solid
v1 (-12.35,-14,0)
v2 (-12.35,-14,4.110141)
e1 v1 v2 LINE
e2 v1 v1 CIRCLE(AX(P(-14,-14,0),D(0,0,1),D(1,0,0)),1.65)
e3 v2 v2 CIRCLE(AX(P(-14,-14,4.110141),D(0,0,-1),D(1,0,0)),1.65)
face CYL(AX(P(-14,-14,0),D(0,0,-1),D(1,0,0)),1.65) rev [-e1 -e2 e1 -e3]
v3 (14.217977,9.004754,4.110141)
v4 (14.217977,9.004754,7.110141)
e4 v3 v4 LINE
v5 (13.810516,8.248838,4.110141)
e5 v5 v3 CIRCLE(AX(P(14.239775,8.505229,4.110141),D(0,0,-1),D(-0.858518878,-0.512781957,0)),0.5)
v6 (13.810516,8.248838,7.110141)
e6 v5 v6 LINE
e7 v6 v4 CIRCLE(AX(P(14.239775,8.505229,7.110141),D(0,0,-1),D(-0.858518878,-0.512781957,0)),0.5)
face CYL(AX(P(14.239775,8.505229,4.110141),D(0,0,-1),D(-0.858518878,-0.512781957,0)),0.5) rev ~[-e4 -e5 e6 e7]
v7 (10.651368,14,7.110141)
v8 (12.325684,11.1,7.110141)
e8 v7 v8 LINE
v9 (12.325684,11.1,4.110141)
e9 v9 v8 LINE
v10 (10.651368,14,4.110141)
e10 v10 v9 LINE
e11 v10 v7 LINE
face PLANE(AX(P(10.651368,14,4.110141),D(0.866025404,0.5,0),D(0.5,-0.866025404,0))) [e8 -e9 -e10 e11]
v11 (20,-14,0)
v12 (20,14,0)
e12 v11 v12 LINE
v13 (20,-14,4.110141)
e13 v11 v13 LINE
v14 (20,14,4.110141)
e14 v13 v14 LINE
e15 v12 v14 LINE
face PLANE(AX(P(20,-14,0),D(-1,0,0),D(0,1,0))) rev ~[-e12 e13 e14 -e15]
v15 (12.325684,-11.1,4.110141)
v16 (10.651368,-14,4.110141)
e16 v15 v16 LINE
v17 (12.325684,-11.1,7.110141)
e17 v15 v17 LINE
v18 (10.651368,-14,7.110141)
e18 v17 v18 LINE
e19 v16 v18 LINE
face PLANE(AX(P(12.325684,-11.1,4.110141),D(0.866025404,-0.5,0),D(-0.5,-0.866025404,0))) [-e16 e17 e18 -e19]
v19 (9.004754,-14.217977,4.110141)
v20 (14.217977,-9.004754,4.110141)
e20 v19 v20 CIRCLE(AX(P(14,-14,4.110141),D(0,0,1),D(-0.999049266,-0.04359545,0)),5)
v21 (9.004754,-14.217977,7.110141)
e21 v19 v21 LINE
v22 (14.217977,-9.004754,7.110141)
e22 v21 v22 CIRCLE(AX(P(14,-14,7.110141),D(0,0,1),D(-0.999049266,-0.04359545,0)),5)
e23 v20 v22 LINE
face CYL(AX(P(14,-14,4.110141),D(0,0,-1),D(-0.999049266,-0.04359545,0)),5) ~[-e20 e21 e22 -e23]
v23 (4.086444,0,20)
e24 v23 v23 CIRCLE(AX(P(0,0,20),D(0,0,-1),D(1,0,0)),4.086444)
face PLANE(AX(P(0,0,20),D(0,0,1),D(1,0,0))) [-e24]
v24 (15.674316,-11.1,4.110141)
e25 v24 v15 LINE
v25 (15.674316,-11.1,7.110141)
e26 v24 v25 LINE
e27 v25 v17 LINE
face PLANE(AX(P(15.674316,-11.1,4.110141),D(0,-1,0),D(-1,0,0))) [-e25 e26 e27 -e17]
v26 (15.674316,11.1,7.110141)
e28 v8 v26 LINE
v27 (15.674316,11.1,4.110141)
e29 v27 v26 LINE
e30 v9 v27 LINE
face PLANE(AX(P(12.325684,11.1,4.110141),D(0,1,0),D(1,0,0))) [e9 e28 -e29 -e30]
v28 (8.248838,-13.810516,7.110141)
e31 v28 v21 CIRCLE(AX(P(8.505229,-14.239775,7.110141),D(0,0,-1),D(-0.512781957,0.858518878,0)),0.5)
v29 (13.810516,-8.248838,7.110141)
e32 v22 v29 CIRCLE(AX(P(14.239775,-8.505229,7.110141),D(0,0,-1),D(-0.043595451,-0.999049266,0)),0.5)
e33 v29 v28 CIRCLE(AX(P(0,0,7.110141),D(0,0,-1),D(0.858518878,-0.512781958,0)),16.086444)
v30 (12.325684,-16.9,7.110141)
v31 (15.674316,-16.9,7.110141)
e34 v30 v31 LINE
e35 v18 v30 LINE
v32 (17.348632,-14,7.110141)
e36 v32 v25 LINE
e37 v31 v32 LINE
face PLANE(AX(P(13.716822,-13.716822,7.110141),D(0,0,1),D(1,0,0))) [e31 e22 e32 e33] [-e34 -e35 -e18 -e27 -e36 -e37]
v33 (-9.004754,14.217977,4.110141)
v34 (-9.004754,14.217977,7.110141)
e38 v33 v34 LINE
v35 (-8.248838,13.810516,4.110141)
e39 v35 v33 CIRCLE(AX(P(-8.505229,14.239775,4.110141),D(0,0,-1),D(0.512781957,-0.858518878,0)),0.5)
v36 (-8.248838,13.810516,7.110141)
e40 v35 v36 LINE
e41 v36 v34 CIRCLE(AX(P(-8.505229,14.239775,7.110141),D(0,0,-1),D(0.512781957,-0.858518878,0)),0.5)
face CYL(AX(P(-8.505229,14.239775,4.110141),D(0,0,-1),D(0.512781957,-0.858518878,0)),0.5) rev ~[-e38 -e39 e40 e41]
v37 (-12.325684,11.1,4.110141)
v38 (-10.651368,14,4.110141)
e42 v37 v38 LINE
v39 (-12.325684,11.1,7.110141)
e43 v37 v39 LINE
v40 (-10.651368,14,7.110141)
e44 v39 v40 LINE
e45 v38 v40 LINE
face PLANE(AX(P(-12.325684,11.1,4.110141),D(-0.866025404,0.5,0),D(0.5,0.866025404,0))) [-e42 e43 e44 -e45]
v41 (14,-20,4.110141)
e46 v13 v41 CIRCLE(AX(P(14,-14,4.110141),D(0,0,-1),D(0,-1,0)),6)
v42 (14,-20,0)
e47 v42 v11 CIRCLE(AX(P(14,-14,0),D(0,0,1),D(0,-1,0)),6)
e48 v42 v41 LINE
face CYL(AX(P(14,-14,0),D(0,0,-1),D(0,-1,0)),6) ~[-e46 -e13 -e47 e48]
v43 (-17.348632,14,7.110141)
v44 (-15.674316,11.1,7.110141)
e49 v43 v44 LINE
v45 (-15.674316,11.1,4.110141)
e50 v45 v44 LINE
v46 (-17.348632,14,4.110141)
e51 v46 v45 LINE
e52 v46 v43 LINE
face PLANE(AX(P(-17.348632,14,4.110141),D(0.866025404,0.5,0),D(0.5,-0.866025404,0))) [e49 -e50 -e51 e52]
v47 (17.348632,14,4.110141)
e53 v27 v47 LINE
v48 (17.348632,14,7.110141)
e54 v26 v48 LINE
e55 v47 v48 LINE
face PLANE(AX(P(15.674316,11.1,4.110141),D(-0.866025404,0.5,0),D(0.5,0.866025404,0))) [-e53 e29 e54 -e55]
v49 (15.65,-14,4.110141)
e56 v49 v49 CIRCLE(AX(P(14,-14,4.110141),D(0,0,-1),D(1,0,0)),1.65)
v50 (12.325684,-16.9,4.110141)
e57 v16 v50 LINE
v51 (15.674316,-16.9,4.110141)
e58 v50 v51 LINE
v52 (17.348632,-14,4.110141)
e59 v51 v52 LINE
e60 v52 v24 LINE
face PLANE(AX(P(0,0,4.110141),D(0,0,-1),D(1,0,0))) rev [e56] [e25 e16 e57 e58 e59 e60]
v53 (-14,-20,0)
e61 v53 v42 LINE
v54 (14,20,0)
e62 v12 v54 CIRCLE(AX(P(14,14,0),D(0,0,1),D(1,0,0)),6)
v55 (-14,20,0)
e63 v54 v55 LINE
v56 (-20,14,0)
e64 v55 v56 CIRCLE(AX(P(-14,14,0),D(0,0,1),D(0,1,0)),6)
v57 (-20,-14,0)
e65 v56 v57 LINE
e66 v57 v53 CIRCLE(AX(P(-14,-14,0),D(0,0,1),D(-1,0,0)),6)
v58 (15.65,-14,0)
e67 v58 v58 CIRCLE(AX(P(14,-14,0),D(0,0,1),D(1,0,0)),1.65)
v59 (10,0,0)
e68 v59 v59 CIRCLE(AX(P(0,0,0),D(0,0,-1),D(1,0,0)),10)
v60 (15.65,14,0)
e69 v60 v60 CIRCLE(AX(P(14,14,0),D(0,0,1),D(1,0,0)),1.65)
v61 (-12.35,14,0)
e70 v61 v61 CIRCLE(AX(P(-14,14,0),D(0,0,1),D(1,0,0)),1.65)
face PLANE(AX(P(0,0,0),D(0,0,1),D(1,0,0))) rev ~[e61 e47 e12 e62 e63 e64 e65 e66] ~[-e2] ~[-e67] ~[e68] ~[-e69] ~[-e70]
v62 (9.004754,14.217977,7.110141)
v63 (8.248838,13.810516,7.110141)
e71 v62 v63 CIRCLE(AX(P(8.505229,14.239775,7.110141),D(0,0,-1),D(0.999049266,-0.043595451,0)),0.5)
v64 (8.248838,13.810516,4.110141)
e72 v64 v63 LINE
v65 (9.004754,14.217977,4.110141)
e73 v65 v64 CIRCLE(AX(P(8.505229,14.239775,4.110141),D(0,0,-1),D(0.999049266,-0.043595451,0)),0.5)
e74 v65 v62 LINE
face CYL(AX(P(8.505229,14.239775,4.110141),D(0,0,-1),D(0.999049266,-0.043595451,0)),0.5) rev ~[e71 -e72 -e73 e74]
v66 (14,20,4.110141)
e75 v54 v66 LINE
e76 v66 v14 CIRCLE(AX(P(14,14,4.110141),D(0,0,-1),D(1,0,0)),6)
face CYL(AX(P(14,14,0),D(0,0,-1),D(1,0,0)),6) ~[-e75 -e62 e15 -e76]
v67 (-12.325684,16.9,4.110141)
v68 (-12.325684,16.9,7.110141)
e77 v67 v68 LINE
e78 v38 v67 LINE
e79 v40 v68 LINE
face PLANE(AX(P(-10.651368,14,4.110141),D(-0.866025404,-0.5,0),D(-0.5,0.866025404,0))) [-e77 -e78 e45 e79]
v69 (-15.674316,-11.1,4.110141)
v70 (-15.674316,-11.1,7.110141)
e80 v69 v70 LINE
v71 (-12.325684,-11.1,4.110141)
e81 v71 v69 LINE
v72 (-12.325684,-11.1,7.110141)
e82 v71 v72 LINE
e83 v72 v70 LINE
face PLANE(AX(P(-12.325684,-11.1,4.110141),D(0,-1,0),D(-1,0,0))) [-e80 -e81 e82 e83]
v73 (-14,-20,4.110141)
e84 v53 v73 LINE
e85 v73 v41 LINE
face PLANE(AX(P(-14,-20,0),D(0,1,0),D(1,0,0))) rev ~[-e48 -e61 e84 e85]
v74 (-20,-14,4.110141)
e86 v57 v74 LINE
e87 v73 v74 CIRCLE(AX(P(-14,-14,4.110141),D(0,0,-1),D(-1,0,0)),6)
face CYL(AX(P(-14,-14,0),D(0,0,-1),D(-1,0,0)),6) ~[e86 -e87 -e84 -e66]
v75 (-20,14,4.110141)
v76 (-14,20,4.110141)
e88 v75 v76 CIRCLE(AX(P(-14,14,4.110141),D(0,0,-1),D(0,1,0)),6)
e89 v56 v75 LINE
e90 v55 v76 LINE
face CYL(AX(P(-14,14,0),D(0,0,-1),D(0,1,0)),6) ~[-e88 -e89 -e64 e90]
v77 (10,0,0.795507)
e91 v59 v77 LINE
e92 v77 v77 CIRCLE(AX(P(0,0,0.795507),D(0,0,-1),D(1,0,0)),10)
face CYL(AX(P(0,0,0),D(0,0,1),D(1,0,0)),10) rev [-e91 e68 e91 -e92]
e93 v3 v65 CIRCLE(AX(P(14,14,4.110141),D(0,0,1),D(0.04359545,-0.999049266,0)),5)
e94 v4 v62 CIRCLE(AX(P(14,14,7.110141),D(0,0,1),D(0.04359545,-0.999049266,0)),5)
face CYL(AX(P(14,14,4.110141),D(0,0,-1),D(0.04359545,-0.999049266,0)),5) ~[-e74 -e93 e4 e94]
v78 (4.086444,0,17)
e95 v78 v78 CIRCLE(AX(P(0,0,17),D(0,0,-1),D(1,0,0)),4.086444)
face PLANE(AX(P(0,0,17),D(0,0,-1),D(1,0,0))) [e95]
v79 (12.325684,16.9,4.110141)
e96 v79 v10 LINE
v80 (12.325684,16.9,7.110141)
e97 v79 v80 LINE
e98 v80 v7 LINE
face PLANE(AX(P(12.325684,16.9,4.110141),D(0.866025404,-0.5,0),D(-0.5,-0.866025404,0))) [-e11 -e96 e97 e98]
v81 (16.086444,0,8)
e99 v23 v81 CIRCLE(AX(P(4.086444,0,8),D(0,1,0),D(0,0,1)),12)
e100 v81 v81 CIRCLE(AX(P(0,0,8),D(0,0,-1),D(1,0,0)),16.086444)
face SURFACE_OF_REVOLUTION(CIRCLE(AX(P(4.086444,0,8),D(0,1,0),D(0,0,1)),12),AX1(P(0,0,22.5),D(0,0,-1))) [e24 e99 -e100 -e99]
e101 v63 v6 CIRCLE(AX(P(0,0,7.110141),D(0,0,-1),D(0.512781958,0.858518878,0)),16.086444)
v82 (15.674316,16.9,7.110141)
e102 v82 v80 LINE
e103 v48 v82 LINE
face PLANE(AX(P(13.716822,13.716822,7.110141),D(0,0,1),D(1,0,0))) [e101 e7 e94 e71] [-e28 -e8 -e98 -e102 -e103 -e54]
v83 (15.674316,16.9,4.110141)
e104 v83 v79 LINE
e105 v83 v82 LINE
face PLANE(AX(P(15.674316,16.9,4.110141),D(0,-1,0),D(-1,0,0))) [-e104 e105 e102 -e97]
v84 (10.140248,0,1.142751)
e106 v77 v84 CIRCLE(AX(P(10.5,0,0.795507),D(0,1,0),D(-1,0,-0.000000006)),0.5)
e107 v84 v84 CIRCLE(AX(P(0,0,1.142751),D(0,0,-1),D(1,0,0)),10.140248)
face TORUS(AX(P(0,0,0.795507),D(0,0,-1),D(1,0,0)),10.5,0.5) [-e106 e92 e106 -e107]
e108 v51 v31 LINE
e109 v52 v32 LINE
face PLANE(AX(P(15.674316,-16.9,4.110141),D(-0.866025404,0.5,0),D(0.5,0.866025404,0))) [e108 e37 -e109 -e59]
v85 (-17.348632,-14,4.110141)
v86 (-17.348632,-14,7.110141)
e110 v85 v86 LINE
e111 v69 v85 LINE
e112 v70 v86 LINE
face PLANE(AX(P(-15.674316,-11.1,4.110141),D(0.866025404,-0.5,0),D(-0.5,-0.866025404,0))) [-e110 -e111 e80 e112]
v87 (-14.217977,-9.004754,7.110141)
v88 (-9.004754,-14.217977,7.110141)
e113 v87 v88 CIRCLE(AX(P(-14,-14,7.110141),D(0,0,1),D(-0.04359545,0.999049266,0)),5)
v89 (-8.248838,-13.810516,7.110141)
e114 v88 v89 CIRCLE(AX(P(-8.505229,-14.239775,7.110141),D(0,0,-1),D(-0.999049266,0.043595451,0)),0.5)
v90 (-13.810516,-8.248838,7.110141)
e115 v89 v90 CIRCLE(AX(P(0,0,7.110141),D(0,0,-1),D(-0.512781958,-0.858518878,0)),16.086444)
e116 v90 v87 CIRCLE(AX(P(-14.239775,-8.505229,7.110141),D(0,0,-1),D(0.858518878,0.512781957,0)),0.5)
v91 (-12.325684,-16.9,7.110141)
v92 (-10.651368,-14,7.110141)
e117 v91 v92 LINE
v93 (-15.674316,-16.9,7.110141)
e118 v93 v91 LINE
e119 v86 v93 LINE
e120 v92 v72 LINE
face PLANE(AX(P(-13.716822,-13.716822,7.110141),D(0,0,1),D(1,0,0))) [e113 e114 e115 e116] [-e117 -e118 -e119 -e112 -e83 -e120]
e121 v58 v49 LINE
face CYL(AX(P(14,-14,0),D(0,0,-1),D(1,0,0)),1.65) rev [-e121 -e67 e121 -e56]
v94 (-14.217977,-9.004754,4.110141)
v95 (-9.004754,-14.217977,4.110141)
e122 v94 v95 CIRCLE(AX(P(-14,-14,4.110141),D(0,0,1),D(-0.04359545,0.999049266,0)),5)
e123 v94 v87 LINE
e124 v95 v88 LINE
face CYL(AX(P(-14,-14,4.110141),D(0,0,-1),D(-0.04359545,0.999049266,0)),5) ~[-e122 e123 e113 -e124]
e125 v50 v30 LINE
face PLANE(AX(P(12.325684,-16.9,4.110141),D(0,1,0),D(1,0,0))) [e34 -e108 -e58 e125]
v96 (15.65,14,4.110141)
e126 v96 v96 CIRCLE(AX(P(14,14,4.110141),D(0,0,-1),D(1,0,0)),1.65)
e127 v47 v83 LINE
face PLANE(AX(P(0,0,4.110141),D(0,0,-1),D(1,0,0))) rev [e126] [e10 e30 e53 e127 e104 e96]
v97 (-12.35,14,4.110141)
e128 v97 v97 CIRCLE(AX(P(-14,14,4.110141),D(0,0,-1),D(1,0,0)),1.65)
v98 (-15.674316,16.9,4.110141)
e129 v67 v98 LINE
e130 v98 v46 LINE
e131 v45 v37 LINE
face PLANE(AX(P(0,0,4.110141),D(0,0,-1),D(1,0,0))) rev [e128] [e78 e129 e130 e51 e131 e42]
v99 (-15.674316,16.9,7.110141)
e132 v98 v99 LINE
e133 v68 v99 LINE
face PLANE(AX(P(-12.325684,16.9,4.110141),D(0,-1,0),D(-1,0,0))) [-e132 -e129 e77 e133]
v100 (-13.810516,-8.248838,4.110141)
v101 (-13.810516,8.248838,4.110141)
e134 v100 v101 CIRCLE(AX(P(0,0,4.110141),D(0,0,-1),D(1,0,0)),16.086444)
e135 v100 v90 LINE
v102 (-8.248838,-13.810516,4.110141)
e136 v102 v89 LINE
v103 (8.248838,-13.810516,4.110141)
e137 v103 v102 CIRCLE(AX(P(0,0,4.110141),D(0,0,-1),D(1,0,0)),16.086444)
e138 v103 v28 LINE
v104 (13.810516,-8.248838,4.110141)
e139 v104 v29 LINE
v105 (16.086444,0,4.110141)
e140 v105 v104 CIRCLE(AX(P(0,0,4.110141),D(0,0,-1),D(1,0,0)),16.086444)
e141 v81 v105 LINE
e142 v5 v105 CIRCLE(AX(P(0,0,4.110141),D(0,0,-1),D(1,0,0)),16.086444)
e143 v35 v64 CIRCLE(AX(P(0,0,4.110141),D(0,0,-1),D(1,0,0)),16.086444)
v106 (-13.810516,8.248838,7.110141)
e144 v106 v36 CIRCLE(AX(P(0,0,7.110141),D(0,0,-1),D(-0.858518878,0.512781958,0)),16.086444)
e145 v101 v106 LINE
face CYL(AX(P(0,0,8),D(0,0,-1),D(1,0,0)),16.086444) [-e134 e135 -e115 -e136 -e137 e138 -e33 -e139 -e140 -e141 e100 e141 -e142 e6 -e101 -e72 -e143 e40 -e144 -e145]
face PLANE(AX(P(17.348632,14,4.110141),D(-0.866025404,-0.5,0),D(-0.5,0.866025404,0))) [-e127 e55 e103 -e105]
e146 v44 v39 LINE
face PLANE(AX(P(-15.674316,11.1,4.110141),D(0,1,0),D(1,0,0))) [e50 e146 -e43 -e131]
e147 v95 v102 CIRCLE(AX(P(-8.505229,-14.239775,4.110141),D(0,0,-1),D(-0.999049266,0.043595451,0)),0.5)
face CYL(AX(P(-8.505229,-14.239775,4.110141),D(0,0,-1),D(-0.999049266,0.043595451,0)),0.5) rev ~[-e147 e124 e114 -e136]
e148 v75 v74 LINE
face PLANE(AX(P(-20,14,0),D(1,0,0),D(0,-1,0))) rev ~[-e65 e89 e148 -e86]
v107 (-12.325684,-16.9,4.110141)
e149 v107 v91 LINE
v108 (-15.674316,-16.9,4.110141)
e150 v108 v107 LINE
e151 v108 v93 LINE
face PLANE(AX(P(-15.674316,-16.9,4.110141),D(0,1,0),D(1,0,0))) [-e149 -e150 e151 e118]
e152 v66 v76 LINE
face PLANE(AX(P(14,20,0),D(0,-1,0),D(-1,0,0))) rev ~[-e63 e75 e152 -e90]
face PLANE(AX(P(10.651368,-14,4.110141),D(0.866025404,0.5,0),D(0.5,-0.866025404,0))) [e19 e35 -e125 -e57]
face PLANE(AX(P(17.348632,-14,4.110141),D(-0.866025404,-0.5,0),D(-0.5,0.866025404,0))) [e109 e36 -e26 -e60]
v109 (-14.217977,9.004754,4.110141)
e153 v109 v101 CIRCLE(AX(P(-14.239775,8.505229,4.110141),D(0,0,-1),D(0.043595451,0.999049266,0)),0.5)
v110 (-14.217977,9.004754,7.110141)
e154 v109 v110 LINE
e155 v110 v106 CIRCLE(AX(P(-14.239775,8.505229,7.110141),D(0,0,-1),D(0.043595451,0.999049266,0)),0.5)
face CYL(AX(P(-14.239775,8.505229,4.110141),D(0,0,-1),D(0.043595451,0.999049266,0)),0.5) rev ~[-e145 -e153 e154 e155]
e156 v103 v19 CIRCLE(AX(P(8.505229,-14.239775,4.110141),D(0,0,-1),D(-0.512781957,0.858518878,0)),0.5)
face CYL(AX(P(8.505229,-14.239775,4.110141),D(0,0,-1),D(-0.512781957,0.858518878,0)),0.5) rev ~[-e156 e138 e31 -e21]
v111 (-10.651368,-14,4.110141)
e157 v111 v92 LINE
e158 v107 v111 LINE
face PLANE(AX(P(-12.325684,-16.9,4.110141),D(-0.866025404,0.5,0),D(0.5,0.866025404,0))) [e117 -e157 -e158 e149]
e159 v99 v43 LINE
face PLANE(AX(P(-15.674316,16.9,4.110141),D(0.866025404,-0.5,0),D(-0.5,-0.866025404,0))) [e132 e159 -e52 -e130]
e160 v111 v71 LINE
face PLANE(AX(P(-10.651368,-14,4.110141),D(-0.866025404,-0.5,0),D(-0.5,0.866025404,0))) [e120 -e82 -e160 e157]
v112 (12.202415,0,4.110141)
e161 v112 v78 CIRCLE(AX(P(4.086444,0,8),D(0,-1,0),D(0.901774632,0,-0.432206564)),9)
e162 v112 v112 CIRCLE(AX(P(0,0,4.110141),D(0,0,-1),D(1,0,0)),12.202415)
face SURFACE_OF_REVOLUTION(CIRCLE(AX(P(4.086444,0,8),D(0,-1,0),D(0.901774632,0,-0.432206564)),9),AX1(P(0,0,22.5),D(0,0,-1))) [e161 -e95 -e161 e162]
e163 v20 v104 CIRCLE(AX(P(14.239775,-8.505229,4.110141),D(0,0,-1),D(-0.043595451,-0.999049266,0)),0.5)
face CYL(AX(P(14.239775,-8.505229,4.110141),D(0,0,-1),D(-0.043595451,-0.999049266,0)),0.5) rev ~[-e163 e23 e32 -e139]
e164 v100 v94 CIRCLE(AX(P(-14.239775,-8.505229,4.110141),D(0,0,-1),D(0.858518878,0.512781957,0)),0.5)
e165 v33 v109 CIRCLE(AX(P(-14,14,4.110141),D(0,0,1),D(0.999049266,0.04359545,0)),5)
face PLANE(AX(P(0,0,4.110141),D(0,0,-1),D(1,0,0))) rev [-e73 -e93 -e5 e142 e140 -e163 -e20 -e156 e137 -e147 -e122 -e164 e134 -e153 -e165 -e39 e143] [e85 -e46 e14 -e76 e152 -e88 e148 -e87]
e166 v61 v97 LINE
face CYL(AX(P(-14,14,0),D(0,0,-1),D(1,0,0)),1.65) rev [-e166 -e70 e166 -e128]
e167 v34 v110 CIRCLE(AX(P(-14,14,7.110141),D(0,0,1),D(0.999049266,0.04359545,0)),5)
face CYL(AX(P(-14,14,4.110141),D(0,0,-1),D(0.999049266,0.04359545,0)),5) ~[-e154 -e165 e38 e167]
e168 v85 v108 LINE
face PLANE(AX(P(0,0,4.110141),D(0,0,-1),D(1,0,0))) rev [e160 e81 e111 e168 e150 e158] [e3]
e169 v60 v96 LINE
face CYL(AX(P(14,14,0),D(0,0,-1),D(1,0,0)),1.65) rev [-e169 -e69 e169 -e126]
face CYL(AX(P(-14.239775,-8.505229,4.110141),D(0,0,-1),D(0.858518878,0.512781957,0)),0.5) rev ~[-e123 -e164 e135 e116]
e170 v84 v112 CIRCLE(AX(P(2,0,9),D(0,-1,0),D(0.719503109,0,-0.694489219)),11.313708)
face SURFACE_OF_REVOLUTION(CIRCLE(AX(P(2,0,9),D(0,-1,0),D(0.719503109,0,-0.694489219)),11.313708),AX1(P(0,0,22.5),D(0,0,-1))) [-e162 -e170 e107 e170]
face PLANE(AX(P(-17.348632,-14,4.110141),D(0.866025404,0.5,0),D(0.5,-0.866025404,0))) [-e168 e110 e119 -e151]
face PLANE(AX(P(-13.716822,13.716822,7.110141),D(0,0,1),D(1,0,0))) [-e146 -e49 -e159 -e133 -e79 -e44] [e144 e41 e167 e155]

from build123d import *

# Parameters (mm, degrees)
SKETCH1_R           = 1.65
BOSS_EXTRUDE1_DEPTH = 20
BOSS_EXTRUDE2_DEPTH = 3


with BuildPart() as part:
    # Sketch1 → Boss-Extrude1 (new body)
    with BuildSketch(Plane.XY):
        with BuildLine():
            Line((-20, 14), (-20, -14))
            ThreePointArc((-20, -14), (-18.242640687, -18.242640687), (-14, -20))
            Line((-14, -20), (14, -20))
            ThreePointArc((14, -20), (18.242640687, -18.242640687), (20, -14))
            Line((20, -14), (20, 14))
            ThreePointArc((20, 14), (18.242640687, 18.242640687), (14, 20))
            Line((14, 20), (-14, 20))
            ThreePointArc((-14, 20), (-18.242640687, 18.242640687), (-20, 14))
        make_face()
        with Locations((-14, 14)):
            Circle(SKETCH1_R, mode=Mode.SUBTRACT)
        with Locations((-14, -14)):
            Circle(SKETCH1_R, mode=Mode.SUBTRACT)
        with Locations((14, -14)):
            Circle(SKETCH1_R, mode=Mode.SUBTRACT)
        with Locations((14, 14)):
            Circle(SKETCH1_R, mode=Mode.SUBTRACT)
    extrude(amount=BOSS_EXTRUDE1_DEPTH)

    # Sketch3 → Cut-Revolve3 (revolve, cut)
    with BuildSketch(Plane(origin=(0, 0, 0), x_dir=(0, 0, -1), z_dir=(1, 0, 0)), mode=Mode.PRIVATE) as cut_revolve3_sk:
        with BuildLine():
            Line((0, 0), (0, 10))
            Line((0, 10), (-0.79550681, 10))
            ThreePointArc((-0.79550681, 10), (-0.982755606, 10.036386056), (-1.14275142, 10.140248445))
            ThreePointArc((-1.14275142, 10.140248445), (-2.543582926, 11.290569335), (-4.110140926, 12.202415314))
            ThreePointArc((-4.110140926, 12.202415314), (-12.795376332, 11.702503361), (-17, 4.086443629))
            Line((-17, 4.086443629), (-17, 0))
            Line((-17, 0), (0, 0))
        make_face()
        with BuildLine():
            Line((-8, 16.086443629), (-4.110140926, 16.086443629))
            Line((-4.110140926, 16.086443629), (-4.110140926, 25.8))
            Line((-4.110140926, 25.8), (-20, 25.8))
            Line((-20, 25.8), (-20, 4.086443629))
            ThreePointArc((-20, 4.086443629), (-16.485281374, 12.571725004), (-8, 16.086443629))
        make_face()
    revolve(cut_revolve3_sk.sketch.rotate(Axis((0, 0, 22.5), (0, 0, -1)), 90), axis=Axis((0, 0, 22.5), (0, 0, -1)), mode=Mode.SUBTRACT)

    # Sketch4 → Boss-Extrude2 (add)
    # profile 1 of 4: a face of its own
    with BuildSketch(Plane.XY.offset(4.110140926)):
        with BuildLine():
            ThreePointArc((-9.004753668, 14.21797725), (-17.535533906, 17.535533906), (-14.21797725, 9.004753668))
            ThreePointArc((-14.21797725, 9.004753668), (-13.799644035, 8.742473119), (-13.810515536, 8.248838056))
            ThreePointArc((-13.810515536, 8.248838056), (-11.374833375, 11.374833375), (-8.248838056, 13.810515536))
            ThreePointArc((-8.248838056, 13.810515536), (-8.742473119, 13.799644035), (-9.004753668, 14.21797725))
        make_face()
        Polygon((-10.651368439, 14), (-12.325684219, 16.9), (-15.674315781, 16.9), (-17.348631561, 14), (-15.674315781, 11.1), (-12.325684219, 11.1), align=None, mode=Mode.SUBTRACT)
    # profile 2 of 4: a face of its own
    with BuildSketch(Plane.XY.offset(4.110140926)):
        with BuildLine():
            ThreePointArc((14.21797725, 9.004753668), (17.535533906, 17.535533906), (9.004753668, 14.21797725))
            ThreePointArc((9.004753668, 14.21797725), (8.742473119, 13.799644035), (8.248838056, 13.810515536))
            ThreePointArc((8.248838056, 13.810515536), (11.374833375, 11.374833375), (13.810515536, 8.248838056))
            ThreePointArc((13.810515536, 8.248838056), (13.799644035, 8.742473119), (14.21797725, 9.004753668))
        make_face()
        Polygon((17.348631561, 14), (15.674315781, 16.9), (12.325684219, 16.9), (10.651368439, 14), (12.325684219, 11.1), (15.674315781, 11.1), align=None, mode=Mode.SUBTRACT)
    # profile 3 of 4: a face of its own
    with BuildSketch(Plane.XY.offset(4.110140926)):
        with BuildLine():
            ThreePointArc((9.004753668, -14.21797725), (17.535533906, -17.535533906), (14.21797725, -9.004753668))
            ThreePointArc((14.21797725, -9.004753668), (13.799644035, -8.742473119), (13.810515536, -8.248838056))
            ThreePointArc((13.810515536, -8.248838056), (11.374833375, -11.374833375), (8.248838056, -13.810515536))
            ThreePointArc((8.248838056, -13.810515536), (8.742473119, -13.799644035), (9.004753668, -14.21797725))
        make_face()
        Polygon((17.348631561, -14), (15.674315781, -11.1), (12.325684219, -11.1), (10.651368439, -14), (12.325684219, -16.9), (15.674315781, -16.9), align=None, mode=Mode.SUBTRACT)
    # profile 4 of 4: a face of its own
    with BuildSketch(Plane.XY.offset(4.110140926)):
        with BuildLine():
            ThreePointArc((-14.21797725, -9.004753668), (-17.535533906, -17.535533906), (-9.004753668, -14.21797725))
            ThreePointArc((-9.004753668, -14.21797725), (-8.742473119, -13.799644035), (-8.248838056, -13.810515536))
            ThreePointArc((-8.248838056, -13.810515536), (-11.374833375, -11.374833375), (-13.810515536, -8.248838056))
            ThreePointArc((-13.810515536, -8.248838056), (-13.799644035, -8.742473119), (-14.21797725, -9.004753668))
        make_face()
        Polygon((-10.651368439, -14), (-12.325684219, -11.1), (-15.674315781, -11.1), (-17.348631561, -14), (-15.674315781, -16.9), (-12.325684219, -16.9), align=None, mode=Mode.SUBTRACT)
    extrude(amount=BOSS_EXTRUDE2_DEPTH)


solid = part.part
